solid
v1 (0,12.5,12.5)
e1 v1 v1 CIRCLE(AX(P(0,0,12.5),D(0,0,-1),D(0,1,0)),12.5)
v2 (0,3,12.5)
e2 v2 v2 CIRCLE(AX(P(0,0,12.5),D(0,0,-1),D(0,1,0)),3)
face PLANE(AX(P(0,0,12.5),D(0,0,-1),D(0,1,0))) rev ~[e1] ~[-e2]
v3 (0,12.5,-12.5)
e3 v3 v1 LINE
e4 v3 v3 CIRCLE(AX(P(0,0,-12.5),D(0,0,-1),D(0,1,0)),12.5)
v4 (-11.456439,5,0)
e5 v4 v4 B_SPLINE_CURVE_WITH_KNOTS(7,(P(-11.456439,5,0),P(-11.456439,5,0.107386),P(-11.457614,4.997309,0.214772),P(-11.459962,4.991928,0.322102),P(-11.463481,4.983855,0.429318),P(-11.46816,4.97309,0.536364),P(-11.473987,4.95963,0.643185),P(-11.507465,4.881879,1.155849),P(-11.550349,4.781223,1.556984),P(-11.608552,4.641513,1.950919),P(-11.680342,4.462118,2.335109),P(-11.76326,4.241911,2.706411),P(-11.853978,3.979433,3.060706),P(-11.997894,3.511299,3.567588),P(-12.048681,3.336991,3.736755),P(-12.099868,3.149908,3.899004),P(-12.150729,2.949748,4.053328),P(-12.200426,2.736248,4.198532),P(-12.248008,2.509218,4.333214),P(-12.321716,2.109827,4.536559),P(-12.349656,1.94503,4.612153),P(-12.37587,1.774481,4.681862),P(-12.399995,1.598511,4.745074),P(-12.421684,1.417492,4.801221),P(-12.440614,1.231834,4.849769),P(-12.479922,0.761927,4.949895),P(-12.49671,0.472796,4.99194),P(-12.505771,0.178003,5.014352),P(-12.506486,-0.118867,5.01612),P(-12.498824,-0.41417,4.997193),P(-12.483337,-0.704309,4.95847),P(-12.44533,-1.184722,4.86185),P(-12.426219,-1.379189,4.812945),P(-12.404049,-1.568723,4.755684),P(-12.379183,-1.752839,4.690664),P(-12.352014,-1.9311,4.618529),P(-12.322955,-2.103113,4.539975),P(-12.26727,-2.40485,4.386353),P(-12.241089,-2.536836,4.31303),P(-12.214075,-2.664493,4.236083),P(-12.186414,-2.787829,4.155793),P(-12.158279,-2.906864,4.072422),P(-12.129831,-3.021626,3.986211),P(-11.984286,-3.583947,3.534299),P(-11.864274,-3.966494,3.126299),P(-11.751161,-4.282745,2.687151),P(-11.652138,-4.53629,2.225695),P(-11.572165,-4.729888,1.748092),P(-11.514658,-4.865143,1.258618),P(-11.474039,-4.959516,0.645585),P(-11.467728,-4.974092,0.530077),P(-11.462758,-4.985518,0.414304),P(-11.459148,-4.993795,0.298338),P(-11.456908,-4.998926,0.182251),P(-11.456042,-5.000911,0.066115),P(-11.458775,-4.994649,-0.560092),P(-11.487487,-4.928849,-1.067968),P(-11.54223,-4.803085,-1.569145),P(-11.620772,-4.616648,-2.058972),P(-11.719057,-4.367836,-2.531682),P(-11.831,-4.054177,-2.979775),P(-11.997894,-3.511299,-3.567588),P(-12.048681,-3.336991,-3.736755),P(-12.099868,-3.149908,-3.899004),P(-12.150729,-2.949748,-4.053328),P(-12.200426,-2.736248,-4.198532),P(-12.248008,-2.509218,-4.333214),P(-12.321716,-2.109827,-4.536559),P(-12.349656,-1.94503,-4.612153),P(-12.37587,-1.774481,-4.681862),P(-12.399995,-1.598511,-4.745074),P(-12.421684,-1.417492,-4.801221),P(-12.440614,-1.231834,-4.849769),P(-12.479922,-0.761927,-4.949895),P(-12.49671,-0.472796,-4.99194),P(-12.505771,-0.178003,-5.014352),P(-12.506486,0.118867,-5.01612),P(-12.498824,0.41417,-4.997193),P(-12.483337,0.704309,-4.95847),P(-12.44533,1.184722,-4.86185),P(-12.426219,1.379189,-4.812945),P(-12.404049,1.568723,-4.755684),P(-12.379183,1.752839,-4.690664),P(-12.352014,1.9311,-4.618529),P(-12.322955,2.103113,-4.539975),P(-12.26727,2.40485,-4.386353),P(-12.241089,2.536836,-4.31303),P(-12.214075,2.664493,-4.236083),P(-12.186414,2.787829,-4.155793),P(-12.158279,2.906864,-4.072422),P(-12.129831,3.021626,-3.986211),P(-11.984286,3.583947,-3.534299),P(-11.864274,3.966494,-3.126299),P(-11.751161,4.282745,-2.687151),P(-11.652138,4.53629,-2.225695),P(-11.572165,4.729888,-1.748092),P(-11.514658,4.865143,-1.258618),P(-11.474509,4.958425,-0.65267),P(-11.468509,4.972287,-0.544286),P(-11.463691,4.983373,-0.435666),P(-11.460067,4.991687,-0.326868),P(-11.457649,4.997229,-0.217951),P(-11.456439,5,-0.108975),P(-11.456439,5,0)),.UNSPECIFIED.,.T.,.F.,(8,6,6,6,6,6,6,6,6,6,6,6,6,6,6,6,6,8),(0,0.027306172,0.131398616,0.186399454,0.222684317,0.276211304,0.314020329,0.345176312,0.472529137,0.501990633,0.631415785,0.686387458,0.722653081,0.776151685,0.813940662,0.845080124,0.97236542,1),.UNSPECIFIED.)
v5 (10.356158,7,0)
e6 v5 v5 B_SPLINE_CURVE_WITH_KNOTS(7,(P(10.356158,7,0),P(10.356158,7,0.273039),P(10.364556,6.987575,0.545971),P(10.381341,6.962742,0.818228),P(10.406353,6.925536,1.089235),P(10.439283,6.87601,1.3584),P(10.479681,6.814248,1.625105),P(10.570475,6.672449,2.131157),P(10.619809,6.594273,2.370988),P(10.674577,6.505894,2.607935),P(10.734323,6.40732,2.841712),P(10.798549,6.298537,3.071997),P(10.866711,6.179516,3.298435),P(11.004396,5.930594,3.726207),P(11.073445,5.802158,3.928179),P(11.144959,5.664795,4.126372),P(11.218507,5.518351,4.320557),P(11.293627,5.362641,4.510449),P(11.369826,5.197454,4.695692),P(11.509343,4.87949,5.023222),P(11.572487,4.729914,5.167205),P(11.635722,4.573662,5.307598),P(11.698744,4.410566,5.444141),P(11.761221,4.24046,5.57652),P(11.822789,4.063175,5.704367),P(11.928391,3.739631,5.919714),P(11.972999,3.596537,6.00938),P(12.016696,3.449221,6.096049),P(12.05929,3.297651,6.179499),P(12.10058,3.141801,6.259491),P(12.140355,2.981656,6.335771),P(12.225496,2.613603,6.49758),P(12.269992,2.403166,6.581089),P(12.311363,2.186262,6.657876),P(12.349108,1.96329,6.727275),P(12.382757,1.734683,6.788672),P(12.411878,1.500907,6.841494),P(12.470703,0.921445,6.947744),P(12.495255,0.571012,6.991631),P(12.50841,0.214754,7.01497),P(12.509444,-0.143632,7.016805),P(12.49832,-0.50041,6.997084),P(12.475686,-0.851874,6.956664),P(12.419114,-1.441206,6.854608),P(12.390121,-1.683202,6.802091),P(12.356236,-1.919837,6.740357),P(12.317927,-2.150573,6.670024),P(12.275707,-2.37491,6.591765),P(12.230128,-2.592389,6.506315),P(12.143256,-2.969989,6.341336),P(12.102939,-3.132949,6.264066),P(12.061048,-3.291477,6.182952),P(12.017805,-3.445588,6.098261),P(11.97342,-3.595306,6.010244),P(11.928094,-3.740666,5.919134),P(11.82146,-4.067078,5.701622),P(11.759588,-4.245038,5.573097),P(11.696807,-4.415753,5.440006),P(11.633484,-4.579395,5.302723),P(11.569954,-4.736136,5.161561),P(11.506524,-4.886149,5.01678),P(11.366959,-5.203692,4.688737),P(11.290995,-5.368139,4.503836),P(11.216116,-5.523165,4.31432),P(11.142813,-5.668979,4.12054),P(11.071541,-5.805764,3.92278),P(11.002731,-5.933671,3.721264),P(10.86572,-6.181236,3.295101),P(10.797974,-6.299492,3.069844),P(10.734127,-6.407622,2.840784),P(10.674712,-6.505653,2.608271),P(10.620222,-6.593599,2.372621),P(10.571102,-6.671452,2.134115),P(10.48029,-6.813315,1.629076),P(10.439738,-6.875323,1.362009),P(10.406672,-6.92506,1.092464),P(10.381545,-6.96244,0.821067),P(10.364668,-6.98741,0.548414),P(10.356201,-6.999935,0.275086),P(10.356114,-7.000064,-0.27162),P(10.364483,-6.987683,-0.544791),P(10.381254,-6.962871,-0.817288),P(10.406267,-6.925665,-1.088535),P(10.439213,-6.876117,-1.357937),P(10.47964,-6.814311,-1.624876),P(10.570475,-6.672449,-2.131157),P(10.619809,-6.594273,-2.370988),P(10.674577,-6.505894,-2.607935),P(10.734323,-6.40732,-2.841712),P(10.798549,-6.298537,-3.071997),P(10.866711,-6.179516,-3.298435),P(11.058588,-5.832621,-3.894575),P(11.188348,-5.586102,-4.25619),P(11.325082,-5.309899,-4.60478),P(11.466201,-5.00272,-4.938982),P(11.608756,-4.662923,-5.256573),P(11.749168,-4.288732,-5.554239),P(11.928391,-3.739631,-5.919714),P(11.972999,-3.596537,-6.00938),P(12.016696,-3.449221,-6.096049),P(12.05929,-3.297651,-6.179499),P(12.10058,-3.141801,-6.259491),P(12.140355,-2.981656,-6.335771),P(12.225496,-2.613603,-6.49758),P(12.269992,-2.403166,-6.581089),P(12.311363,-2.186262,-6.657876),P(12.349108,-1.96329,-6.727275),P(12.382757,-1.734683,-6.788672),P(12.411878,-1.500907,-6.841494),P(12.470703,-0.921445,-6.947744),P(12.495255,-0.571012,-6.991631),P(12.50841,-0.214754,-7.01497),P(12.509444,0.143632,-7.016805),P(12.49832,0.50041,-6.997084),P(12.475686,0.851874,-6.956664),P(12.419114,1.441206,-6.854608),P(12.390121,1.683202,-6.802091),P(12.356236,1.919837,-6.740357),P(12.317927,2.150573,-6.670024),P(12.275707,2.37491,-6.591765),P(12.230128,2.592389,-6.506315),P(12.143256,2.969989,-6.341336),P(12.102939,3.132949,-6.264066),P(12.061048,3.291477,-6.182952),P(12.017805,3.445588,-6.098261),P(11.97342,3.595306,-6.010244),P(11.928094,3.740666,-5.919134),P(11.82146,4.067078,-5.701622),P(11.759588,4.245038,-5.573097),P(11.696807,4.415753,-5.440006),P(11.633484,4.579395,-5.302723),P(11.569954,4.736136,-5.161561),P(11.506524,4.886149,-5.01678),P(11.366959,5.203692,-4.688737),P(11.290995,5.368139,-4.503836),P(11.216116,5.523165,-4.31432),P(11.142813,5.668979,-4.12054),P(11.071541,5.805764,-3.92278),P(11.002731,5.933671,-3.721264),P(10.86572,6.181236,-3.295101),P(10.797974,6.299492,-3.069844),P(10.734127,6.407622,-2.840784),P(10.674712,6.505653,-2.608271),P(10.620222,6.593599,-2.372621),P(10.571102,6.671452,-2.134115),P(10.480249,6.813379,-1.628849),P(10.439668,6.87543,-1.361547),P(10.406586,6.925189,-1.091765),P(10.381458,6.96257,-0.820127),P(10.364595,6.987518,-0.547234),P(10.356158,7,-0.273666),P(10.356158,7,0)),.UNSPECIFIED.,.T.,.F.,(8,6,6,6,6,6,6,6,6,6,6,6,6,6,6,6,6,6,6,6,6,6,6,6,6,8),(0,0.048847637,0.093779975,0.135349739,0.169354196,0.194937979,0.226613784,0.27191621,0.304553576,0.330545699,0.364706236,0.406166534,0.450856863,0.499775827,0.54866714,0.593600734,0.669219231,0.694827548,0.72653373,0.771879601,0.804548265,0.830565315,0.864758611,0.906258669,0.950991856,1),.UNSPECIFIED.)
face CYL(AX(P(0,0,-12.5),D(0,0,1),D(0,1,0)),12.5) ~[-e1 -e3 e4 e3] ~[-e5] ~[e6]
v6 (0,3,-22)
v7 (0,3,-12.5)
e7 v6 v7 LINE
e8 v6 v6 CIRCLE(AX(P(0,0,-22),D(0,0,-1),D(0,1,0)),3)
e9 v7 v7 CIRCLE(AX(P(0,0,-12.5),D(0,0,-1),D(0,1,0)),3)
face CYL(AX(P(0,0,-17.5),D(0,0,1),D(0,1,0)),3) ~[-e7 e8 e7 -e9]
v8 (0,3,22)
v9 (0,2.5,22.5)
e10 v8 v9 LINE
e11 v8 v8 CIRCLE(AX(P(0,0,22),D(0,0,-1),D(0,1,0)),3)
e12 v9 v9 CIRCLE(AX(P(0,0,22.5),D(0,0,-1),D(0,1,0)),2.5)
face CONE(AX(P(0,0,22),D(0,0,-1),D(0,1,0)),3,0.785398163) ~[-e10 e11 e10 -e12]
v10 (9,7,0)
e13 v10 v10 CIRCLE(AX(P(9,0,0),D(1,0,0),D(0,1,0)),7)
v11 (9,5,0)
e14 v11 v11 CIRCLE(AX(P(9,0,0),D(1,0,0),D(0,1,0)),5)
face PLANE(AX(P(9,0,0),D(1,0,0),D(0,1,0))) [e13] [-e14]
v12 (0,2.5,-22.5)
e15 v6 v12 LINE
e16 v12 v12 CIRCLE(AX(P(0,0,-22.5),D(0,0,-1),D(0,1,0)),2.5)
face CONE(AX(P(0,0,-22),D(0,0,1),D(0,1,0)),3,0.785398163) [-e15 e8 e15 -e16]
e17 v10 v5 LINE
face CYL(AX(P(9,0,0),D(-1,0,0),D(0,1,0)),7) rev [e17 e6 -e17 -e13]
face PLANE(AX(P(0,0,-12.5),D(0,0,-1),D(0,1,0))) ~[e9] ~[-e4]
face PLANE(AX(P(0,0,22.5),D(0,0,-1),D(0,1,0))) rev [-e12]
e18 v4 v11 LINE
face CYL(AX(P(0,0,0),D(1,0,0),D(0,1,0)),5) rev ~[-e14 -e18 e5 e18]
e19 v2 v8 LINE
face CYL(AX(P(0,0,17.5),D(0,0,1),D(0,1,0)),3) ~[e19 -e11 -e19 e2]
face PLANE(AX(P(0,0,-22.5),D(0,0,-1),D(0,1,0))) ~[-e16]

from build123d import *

# Parameters (mm, degrees)
F0_W     = 3
F0_H     = 10
F2_R     = 5
F3_DEPTH = 12.5
F5_START = 9
F4_R     = 7
F5_DEPTH = 5
F6_SIZE  = 0.5


with BuildPart() as f1:
    # F0 (on Right) → F1 (revolve)
    with BuildSketch(Plane.YZ):
        Polygon((3, 12.5), (0, 12.5), (0, -12.5), (3, -12.5), (12.5, -12.5), (12.5, -5), (12.5, 5), (12.5, 12.5), align=None)
        with Locations((1.5, 17.5)):
            Rectangle(F0_W, F0_H)
        with Locations((1.5, -17.5)):
            Rectangle(F0_W, F0_H)
    revolve(axis=Axis((0, 0, 0), (0, 0, -1)))

    # F2 (on Right) → F3 (cut, symmetric)
    with BuildSketch(Plane.YZ):
        Circle(F2_R)
    extrude(amount=F3_DEPTH, both=True, mode=Mode.SUBTRACT)

    # F4 (on Right) → F5 (cut)
    with BuildSketch(Plane.YZ.offset(F5_START)):
        Circle(F4_R)
    extrude(amount=F5_DEPTH, mode=Mode.SUBTRACT)

    # F6
    f6_edges = [f1.edges().sort_by_distance(p)[0] for p in [
        (0, -3, 22.5),
        (0, -3, -22.5),
    ]]
    chamfer(f6_edges, length=F6_SIZE)


solid = f1.part
